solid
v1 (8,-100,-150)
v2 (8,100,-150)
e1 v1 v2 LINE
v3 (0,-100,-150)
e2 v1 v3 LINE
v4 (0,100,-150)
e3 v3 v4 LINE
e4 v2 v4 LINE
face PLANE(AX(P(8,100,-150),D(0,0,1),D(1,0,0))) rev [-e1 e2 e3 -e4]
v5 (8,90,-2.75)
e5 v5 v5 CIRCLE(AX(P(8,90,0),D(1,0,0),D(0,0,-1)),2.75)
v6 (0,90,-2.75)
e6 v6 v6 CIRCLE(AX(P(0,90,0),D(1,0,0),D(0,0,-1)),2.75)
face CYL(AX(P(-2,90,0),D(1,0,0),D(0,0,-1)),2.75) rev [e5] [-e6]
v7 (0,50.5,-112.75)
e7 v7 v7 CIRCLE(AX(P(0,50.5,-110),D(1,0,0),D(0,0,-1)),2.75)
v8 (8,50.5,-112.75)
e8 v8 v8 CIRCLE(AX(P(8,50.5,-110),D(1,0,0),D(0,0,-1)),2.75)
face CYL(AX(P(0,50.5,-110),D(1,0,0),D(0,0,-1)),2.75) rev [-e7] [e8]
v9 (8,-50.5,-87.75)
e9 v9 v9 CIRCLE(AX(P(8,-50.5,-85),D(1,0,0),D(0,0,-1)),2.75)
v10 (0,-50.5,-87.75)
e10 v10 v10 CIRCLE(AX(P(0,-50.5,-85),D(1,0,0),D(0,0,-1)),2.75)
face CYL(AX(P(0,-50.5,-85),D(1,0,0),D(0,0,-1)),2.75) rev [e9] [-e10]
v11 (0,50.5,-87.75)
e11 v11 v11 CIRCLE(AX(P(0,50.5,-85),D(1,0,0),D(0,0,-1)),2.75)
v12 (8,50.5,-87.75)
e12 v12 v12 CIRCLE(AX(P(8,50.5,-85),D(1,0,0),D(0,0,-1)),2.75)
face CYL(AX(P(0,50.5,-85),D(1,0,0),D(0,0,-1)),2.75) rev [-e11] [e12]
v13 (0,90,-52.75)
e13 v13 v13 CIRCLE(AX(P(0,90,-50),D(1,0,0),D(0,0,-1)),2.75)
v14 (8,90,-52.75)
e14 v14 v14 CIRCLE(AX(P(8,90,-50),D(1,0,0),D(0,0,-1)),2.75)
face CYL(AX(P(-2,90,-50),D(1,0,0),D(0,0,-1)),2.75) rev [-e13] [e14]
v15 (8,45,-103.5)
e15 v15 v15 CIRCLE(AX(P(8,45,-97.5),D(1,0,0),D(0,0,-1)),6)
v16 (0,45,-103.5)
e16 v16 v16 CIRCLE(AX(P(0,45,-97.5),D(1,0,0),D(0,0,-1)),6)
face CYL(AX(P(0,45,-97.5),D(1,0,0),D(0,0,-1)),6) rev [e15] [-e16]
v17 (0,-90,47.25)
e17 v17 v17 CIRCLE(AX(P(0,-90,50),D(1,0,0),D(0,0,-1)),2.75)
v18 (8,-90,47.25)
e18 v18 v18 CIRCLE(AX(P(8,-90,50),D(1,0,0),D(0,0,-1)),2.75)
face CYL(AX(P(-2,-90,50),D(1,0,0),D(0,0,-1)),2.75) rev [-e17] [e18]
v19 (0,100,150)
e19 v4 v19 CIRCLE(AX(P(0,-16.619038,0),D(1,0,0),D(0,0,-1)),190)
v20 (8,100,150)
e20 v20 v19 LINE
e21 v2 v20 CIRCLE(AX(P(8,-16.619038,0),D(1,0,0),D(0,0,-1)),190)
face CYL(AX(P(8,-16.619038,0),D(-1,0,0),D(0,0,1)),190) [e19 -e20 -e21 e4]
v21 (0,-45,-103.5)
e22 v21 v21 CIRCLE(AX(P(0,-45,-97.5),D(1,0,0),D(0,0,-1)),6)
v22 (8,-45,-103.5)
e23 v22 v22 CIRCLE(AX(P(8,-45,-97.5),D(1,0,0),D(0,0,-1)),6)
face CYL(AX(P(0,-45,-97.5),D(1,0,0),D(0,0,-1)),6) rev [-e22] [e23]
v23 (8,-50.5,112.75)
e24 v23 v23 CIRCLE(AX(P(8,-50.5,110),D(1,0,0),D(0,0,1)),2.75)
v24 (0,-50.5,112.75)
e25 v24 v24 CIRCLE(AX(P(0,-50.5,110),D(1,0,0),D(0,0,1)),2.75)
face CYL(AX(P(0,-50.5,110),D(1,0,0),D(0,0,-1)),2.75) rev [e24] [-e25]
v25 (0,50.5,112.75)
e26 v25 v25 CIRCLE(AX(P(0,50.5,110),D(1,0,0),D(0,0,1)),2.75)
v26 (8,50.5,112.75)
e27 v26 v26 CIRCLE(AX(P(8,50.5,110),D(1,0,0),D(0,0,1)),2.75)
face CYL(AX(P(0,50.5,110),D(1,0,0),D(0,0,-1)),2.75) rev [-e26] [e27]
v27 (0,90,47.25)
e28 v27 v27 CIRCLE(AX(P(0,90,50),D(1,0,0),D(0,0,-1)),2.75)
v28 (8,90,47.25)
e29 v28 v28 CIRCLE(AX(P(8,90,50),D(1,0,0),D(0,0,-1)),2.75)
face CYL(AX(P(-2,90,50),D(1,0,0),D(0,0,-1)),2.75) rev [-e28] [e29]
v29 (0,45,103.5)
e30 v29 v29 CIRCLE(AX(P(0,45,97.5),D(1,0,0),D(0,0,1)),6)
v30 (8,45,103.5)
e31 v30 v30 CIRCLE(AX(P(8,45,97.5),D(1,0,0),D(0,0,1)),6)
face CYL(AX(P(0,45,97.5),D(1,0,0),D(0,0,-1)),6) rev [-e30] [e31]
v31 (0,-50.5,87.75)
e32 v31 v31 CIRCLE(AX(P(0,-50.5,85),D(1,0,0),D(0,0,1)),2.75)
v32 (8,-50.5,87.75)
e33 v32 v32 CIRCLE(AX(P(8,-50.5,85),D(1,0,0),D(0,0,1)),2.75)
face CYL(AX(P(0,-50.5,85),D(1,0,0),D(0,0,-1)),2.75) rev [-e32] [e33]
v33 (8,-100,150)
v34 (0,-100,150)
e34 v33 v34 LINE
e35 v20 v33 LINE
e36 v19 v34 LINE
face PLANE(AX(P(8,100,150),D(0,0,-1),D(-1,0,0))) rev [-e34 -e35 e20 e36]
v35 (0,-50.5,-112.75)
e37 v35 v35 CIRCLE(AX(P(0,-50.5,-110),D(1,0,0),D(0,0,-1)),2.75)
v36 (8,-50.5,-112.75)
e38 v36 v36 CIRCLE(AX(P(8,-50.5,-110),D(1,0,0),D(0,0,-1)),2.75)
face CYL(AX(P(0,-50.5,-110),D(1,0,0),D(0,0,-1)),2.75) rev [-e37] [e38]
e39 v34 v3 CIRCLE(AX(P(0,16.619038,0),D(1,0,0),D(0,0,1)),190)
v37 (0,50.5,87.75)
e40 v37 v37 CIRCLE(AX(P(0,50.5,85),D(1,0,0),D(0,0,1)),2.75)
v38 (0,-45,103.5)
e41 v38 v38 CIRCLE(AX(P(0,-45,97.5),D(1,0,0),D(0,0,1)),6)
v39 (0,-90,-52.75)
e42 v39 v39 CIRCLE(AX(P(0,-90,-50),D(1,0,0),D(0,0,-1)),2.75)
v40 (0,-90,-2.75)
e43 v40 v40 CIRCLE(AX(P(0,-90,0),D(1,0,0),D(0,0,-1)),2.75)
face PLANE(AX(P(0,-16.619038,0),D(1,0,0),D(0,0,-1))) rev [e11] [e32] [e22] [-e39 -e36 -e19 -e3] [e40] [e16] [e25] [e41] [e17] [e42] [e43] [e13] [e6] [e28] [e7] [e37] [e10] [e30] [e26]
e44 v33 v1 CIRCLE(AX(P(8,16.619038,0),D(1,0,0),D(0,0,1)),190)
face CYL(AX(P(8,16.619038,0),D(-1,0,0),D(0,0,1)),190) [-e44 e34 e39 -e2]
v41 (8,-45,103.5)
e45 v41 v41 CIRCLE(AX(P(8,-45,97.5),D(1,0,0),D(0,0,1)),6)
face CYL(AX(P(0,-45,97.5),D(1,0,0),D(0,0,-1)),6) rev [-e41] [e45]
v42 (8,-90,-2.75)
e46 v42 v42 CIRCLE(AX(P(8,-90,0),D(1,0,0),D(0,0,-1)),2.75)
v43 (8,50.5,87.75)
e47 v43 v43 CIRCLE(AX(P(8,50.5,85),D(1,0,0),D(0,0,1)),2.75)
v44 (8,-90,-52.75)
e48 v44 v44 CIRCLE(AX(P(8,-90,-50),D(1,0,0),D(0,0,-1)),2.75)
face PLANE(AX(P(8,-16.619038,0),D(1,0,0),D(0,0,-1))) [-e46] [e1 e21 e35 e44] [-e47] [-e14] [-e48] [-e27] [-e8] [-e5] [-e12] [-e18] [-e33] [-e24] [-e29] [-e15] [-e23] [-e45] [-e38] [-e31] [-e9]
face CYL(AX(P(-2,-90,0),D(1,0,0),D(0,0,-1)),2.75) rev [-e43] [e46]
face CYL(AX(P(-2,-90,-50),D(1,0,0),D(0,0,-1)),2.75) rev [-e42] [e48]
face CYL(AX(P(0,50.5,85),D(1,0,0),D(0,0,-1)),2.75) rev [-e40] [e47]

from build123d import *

# Parameters (mm, degrees)
EXTRUDE_1_DEPTH     = 8
SKETCH_2_R          = 6
SKETCH_2_R_2        = 2.75
CUT_EXTRUDE_1_DEPTH = 8
SKETCH_3_R          = 2.75
CUT_EXTRUDE_2_DEPTH = 10


with BuildPart() as part:
    # 草图1 → 凸台-拉伸1 (new body)
    with BuildSketch(Plane(origin=(0, 0, 0), x_dir=(0, 0, -1), z_dir=(1, 0, 0))):
        with BuildLine():
            Line((-150, 100), (-150, -100))
            ThreePointArc((-150, -100), (0, -173.380962103), (150, -100))
            Line((150, -100), (150, 100))
            ThreePointArc((150, 100), (0, 173.380962103), (-150, 100))
        make_face()
    extrude(amount=EXTRUDE_1_DEPTH)

    # 草图2 → 切除-拉伸1 (cut)
    with BuildSketch(Plane(origin=(8, 0, 0), x_dir=(0, 0, -1), z_dir=(1, 0, 0))):
        with Locations((97.5, 45)):
            Circle(SKETCH_2_R)
        with Locations((97.5, -45)):
            Circle(SKETCH_2_R)
        with Locations((85, 50.5)):
            Circle(SKETCH_2_R_2)
        with Locations((110, 50.5)):
            Circle(SKETCH_2_R_2)
        with Locations((85, -50.5)):
            Circle(SKETCH_2_R_2)
        with Locations((110, -50.5)):
            Circle(SKETCH_2_R_2)
        with Locations(Location((-110, -50.5, 0), (0, 0, 180))):
            Circle(SKETCH_2_R_2)
        with Locations(Location((-85, -50.5, 0), (0, 0, 180))):
            Circle(SKETCH_2_R_2)
        with Locations(Location((-110, 50.5, 0), (0, 0, 180))):
            Circle(SKETCH_2_R_2)
        with Locations(Location((-85, 50.5, 0), (0, 0, 180))):
            Circle(SKETCH_2_R_2)
        with Locations(Location((-97.5, -45, 0), (0, 0, 180))):
            Circle(SKETCH_2_R)
        with Locations(Location((-97.5, 45, 0), (0, 0, 180))):
            Circle(SKETCH_2_R)
    extrude(amount=-CUT_EXTRUDE_1_DEPTH, mode=Mode.SUBTRACT)

    # 草图3 → 切除-拉伸2 (cut)
    with BuildSketch(Plane(origin=(8, 0, 0), x_dir=(0, 0, -1), z_dir=(1, 0, 0))):
        with Locations((-50, 90)):
            Circle(SKETCH_3_R)
        with Locations((0, 90)):
            Circle(SKETCH_3_R)
        with Locations((50, 90)):
            Circle(SKETCH_3_R)
        with Locations((50, -90)):
            Circle(SKETCH_3_R)
        with Locations((0, -90)):
            Circle(SKETCH_3_R)
        with Locations((-50, -90)):
            Circle(SKETCH_3_R)
    extrude(amount=-CUT_EXTRUDE_2_DEPTH, mode=Mode.SUBTRACT)


solid = part.part
